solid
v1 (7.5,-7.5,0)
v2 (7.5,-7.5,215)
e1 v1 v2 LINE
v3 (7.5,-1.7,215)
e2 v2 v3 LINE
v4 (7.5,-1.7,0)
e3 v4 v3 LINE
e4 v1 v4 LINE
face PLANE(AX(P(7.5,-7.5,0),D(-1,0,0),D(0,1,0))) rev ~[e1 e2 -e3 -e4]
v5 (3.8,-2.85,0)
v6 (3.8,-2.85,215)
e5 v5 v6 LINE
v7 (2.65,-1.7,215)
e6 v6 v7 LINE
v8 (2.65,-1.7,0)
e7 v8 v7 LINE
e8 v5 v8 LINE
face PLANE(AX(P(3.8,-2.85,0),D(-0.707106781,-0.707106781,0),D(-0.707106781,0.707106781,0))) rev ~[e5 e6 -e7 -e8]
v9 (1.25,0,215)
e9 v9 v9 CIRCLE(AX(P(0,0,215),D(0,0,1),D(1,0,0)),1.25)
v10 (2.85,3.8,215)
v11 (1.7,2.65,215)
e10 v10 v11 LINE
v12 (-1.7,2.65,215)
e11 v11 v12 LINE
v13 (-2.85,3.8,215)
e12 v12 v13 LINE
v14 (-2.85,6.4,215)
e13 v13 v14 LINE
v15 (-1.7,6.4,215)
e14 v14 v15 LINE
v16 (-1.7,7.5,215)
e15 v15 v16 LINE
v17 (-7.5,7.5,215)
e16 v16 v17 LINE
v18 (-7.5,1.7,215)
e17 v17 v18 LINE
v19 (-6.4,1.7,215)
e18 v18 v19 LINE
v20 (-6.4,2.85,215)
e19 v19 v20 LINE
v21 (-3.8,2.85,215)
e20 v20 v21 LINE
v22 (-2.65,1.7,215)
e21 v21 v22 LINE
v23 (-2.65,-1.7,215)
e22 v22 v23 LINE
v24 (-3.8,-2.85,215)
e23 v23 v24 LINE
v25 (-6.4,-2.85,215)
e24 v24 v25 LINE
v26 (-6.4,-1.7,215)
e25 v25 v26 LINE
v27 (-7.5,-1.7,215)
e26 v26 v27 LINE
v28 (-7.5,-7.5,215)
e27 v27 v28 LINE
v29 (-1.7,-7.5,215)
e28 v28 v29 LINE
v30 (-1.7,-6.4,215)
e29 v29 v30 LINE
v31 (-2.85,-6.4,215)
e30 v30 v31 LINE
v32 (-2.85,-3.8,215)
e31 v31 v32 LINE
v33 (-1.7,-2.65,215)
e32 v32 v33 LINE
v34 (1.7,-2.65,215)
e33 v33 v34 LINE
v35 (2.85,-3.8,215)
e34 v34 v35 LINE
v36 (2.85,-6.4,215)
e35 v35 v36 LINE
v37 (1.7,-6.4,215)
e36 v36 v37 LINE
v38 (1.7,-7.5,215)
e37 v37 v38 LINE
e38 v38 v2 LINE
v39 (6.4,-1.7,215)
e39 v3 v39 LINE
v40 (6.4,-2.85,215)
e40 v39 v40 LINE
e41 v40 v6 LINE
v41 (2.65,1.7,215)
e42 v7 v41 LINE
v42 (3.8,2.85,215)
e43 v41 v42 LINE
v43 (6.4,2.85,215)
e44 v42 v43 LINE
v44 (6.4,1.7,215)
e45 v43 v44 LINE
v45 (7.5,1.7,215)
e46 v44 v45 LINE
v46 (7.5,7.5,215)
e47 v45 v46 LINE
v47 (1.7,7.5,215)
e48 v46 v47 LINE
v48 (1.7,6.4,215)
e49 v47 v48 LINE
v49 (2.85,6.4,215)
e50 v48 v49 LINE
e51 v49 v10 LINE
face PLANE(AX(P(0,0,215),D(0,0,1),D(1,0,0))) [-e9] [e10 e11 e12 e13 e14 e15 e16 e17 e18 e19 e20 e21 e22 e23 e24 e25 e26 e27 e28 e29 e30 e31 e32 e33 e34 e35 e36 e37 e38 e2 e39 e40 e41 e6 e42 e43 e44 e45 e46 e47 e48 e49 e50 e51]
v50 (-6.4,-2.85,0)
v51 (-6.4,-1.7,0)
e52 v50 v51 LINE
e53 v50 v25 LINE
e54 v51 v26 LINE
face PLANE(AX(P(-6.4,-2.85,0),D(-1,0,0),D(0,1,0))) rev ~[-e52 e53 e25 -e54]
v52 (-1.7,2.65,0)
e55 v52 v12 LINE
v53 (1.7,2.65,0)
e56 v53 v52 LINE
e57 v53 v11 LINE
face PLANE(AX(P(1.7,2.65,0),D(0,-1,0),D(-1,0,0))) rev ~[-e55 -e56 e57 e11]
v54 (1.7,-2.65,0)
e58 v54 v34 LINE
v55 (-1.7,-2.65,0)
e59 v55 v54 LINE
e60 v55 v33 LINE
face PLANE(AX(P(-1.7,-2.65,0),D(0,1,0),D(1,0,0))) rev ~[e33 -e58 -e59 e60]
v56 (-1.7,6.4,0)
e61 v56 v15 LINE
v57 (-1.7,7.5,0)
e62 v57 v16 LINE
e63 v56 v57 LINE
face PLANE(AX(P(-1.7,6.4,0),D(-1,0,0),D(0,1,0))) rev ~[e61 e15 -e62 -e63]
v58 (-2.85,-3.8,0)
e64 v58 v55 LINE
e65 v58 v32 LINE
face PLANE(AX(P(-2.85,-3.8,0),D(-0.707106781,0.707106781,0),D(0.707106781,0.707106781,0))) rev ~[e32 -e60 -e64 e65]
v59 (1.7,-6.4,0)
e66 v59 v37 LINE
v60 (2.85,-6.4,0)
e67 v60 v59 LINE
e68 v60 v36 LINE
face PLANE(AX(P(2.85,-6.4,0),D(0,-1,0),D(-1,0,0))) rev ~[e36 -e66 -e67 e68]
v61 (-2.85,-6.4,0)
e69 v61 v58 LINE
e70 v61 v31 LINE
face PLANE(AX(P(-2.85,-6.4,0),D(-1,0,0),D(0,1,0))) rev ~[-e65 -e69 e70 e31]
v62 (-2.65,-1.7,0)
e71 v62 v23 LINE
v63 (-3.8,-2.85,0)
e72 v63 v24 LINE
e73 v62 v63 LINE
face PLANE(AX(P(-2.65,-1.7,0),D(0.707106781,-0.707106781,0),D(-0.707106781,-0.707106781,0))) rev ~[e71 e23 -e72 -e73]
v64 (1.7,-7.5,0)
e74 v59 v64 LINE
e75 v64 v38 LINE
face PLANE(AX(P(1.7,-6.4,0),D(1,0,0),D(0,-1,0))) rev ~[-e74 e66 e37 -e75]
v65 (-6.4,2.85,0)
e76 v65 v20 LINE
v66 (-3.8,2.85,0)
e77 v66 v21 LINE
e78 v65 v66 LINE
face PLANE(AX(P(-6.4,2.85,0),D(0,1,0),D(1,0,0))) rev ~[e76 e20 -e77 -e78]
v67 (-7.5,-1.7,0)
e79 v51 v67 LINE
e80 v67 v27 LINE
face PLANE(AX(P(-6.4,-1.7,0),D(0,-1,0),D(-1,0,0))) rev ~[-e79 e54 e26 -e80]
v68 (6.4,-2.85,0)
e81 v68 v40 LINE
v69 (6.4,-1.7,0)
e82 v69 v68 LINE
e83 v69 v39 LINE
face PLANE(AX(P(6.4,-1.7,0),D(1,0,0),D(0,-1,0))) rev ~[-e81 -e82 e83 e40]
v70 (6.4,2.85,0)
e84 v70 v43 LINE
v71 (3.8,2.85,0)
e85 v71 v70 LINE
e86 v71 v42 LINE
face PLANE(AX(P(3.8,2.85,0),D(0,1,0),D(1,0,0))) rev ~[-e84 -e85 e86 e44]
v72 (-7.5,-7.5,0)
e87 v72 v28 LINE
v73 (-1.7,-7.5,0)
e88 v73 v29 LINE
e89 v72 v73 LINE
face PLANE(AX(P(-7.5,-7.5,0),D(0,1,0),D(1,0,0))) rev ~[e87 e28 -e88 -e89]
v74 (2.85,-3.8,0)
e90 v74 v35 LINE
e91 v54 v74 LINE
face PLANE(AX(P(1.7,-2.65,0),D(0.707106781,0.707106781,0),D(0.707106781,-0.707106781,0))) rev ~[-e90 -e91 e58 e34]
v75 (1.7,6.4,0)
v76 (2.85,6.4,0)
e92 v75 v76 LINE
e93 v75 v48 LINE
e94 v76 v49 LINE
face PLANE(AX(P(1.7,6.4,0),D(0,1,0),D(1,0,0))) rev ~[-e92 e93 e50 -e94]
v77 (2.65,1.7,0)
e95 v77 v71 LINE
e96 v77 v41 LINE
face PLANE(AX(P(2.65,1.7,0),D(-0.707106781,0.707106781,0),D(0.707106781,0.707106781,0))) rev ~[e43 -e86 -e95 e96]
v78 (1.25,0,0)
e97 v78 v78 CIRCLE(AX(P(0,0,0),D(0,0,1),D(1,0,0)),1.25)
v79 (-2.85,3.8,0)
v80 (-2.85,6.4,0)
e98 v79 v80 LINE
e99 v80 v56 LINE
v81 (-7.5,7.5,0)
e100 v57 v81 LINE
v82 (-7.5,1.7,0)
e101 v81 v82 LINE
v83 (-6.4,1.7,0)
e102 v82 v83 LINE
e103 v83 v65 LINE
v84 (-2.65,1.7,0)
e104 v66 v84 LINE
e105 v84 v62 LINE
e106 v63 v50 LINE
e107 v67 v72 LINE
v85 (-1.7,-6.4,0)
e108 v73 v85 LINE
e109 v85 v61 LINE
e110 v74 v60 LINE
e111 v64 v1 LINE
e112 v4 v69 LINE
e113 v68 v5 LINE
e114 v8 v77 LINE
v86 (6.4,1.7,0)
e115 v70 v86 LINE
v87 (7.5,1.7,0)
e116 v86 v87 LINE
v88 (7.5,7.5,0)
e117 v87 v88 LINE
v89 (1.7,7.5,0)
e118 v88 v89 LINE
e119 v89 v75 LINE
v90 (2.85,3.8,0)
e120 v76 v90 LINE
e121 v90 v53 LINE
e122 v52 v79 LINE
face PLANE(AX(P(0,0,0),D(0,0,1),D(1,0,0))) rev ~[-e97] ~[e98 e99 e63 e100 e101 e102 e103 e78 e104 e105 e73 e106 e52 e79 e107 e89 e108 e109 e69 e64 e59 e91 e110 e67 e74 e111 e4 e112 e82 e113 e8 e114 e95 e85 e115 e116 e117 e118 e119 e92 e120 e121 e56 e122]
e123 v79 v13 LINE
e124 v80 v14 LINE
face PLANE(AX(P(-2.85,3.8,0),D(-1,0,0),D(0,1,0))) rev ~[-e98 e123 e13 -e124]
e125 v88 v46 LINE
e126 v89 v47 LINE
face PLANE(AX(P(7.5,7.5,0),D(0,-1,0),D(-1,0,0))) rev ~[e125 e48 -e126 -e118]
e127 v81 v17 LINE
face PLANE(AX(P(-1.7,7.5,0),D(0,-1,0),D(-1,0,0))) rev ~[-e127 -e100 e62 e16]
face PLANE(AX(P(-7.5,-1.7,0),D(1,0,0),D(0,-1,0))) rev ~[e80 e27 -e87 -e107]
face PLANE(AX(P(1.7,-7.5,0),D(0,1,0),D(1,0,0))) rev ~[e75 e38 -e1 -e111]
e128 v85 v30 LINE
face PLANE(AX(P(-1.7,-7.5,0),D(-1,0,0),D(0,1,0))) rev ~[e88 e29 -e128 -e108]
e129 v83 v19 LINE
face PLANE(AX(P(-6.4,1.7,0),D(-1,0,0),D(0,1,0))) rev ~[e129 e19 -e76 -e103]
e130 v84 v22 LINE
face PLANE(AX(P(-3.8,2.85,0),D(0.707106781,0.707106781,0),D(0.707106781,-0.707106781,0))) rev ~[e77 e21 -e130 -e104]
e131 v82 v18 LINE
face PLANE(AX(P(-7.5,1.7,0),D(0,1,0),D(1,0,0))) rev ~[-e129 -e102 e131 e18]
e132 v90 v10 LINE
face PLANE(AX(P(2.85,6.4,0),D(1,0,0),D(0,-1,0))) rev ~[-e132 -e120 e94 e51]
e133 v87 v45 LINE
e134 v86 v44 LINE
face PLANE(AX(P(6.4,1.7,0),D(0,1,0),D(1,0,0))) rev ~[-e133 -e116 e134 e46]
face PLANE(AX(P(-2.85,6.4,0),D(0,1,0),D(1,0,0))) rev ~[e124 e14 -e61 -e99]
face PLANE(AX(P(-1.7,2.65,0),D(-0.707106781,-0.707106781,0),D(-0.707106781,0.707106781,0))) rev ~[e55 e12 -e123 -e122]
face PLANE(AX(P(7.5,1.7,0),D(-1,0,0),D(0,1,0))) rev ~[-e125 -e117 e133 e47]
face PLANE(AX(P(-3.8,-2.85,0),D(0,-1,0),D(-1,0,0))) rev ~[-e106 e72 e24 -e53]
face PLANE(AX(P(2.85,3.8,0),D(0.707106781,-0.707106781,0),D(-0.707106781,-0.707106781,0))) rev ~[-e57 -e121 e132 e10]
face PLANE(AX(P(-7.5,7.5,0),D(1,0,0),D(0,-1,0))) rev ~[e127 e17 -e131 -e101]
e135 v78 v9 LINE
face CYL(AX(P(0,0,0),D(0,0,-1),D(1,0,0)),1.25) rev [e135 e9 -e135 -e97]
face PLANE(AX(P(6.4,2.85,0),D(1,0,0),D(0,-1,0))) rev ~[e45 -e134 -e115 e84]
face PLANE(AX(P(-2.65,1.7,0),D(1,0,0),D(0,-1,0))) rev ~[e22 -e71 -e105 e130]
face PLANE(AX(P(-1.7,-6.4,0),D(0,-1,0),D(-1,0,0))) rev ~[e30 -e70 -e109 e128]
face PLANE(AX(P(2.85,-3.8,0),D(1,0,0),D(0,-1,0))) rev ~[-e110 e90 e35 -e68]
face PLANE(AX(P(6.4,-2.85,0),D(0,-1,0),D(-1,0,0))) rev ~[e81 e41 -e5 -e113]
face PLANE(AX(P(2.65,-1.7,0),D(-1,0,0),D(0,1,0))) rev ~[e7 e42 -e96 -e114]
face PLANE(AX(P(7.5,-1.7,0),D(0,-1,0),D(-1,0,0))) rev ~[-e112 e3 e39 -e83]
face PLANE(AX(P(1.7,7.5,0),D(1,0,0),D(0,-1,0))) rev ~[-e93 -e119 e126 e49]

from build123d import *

# Parameters (mm, degrees)
SKETCH_2_R      = 1.25
EXTRUDE_1_DEPTH = 215


with BuildPart() as part:
    # ｽｹｯﾁ2 → ﾎﾞｽ - 押し出し1 (new body)
    with BuildSketch(Plane.XY):
        Polygon((1.7, 2.65), (-1.7, 2.65), (-2.85, 3.8), (-2.85, 6.4), (-1.7, 6.4), (-1.7, 7.5), (-7.5, 7.5), (-7.5, 1.7), (-6.4, 1.7), (-6.4, 2.85), (-3.8, 2.85), (-2.65, 1.7), (-2.65, -1.7), (-3.8, -2.85), (-6.4, -2.85), (-6.4, -1.7), (-7.5, -1.7), (-7.5, -7.5), (-1.7, -7.5), (-1.7, -6.4), (-2.85, -6.4), (-2.85, -3.8), (-1.7, -2.65), (1.7, -2.65), (2.85, -3.8), (2.85, -6.4), (1.7, -6.4), (1.7, -7.5), (7.5, -7.5), (7.5, -1.7), (6.4, -1.7), (6.4, -2.85), (3.8, -2.85), (2.65, -1.7), (2.65, 1.7), (3.8, 2.85), (6.4, 2.85), (6.4, 1.7), (7.5, 1.7), (7.5, 7.5), (1.7, 7.5), (1.7, 6.4), (2.85, 6.4), (2.85, 3.8), align=None)
        Circle(SKETCH_2_R, mode=Mode.SUBTRACT)
    extrude(amount=EXTRUDE_1_DEPTH)


solid = part.part
